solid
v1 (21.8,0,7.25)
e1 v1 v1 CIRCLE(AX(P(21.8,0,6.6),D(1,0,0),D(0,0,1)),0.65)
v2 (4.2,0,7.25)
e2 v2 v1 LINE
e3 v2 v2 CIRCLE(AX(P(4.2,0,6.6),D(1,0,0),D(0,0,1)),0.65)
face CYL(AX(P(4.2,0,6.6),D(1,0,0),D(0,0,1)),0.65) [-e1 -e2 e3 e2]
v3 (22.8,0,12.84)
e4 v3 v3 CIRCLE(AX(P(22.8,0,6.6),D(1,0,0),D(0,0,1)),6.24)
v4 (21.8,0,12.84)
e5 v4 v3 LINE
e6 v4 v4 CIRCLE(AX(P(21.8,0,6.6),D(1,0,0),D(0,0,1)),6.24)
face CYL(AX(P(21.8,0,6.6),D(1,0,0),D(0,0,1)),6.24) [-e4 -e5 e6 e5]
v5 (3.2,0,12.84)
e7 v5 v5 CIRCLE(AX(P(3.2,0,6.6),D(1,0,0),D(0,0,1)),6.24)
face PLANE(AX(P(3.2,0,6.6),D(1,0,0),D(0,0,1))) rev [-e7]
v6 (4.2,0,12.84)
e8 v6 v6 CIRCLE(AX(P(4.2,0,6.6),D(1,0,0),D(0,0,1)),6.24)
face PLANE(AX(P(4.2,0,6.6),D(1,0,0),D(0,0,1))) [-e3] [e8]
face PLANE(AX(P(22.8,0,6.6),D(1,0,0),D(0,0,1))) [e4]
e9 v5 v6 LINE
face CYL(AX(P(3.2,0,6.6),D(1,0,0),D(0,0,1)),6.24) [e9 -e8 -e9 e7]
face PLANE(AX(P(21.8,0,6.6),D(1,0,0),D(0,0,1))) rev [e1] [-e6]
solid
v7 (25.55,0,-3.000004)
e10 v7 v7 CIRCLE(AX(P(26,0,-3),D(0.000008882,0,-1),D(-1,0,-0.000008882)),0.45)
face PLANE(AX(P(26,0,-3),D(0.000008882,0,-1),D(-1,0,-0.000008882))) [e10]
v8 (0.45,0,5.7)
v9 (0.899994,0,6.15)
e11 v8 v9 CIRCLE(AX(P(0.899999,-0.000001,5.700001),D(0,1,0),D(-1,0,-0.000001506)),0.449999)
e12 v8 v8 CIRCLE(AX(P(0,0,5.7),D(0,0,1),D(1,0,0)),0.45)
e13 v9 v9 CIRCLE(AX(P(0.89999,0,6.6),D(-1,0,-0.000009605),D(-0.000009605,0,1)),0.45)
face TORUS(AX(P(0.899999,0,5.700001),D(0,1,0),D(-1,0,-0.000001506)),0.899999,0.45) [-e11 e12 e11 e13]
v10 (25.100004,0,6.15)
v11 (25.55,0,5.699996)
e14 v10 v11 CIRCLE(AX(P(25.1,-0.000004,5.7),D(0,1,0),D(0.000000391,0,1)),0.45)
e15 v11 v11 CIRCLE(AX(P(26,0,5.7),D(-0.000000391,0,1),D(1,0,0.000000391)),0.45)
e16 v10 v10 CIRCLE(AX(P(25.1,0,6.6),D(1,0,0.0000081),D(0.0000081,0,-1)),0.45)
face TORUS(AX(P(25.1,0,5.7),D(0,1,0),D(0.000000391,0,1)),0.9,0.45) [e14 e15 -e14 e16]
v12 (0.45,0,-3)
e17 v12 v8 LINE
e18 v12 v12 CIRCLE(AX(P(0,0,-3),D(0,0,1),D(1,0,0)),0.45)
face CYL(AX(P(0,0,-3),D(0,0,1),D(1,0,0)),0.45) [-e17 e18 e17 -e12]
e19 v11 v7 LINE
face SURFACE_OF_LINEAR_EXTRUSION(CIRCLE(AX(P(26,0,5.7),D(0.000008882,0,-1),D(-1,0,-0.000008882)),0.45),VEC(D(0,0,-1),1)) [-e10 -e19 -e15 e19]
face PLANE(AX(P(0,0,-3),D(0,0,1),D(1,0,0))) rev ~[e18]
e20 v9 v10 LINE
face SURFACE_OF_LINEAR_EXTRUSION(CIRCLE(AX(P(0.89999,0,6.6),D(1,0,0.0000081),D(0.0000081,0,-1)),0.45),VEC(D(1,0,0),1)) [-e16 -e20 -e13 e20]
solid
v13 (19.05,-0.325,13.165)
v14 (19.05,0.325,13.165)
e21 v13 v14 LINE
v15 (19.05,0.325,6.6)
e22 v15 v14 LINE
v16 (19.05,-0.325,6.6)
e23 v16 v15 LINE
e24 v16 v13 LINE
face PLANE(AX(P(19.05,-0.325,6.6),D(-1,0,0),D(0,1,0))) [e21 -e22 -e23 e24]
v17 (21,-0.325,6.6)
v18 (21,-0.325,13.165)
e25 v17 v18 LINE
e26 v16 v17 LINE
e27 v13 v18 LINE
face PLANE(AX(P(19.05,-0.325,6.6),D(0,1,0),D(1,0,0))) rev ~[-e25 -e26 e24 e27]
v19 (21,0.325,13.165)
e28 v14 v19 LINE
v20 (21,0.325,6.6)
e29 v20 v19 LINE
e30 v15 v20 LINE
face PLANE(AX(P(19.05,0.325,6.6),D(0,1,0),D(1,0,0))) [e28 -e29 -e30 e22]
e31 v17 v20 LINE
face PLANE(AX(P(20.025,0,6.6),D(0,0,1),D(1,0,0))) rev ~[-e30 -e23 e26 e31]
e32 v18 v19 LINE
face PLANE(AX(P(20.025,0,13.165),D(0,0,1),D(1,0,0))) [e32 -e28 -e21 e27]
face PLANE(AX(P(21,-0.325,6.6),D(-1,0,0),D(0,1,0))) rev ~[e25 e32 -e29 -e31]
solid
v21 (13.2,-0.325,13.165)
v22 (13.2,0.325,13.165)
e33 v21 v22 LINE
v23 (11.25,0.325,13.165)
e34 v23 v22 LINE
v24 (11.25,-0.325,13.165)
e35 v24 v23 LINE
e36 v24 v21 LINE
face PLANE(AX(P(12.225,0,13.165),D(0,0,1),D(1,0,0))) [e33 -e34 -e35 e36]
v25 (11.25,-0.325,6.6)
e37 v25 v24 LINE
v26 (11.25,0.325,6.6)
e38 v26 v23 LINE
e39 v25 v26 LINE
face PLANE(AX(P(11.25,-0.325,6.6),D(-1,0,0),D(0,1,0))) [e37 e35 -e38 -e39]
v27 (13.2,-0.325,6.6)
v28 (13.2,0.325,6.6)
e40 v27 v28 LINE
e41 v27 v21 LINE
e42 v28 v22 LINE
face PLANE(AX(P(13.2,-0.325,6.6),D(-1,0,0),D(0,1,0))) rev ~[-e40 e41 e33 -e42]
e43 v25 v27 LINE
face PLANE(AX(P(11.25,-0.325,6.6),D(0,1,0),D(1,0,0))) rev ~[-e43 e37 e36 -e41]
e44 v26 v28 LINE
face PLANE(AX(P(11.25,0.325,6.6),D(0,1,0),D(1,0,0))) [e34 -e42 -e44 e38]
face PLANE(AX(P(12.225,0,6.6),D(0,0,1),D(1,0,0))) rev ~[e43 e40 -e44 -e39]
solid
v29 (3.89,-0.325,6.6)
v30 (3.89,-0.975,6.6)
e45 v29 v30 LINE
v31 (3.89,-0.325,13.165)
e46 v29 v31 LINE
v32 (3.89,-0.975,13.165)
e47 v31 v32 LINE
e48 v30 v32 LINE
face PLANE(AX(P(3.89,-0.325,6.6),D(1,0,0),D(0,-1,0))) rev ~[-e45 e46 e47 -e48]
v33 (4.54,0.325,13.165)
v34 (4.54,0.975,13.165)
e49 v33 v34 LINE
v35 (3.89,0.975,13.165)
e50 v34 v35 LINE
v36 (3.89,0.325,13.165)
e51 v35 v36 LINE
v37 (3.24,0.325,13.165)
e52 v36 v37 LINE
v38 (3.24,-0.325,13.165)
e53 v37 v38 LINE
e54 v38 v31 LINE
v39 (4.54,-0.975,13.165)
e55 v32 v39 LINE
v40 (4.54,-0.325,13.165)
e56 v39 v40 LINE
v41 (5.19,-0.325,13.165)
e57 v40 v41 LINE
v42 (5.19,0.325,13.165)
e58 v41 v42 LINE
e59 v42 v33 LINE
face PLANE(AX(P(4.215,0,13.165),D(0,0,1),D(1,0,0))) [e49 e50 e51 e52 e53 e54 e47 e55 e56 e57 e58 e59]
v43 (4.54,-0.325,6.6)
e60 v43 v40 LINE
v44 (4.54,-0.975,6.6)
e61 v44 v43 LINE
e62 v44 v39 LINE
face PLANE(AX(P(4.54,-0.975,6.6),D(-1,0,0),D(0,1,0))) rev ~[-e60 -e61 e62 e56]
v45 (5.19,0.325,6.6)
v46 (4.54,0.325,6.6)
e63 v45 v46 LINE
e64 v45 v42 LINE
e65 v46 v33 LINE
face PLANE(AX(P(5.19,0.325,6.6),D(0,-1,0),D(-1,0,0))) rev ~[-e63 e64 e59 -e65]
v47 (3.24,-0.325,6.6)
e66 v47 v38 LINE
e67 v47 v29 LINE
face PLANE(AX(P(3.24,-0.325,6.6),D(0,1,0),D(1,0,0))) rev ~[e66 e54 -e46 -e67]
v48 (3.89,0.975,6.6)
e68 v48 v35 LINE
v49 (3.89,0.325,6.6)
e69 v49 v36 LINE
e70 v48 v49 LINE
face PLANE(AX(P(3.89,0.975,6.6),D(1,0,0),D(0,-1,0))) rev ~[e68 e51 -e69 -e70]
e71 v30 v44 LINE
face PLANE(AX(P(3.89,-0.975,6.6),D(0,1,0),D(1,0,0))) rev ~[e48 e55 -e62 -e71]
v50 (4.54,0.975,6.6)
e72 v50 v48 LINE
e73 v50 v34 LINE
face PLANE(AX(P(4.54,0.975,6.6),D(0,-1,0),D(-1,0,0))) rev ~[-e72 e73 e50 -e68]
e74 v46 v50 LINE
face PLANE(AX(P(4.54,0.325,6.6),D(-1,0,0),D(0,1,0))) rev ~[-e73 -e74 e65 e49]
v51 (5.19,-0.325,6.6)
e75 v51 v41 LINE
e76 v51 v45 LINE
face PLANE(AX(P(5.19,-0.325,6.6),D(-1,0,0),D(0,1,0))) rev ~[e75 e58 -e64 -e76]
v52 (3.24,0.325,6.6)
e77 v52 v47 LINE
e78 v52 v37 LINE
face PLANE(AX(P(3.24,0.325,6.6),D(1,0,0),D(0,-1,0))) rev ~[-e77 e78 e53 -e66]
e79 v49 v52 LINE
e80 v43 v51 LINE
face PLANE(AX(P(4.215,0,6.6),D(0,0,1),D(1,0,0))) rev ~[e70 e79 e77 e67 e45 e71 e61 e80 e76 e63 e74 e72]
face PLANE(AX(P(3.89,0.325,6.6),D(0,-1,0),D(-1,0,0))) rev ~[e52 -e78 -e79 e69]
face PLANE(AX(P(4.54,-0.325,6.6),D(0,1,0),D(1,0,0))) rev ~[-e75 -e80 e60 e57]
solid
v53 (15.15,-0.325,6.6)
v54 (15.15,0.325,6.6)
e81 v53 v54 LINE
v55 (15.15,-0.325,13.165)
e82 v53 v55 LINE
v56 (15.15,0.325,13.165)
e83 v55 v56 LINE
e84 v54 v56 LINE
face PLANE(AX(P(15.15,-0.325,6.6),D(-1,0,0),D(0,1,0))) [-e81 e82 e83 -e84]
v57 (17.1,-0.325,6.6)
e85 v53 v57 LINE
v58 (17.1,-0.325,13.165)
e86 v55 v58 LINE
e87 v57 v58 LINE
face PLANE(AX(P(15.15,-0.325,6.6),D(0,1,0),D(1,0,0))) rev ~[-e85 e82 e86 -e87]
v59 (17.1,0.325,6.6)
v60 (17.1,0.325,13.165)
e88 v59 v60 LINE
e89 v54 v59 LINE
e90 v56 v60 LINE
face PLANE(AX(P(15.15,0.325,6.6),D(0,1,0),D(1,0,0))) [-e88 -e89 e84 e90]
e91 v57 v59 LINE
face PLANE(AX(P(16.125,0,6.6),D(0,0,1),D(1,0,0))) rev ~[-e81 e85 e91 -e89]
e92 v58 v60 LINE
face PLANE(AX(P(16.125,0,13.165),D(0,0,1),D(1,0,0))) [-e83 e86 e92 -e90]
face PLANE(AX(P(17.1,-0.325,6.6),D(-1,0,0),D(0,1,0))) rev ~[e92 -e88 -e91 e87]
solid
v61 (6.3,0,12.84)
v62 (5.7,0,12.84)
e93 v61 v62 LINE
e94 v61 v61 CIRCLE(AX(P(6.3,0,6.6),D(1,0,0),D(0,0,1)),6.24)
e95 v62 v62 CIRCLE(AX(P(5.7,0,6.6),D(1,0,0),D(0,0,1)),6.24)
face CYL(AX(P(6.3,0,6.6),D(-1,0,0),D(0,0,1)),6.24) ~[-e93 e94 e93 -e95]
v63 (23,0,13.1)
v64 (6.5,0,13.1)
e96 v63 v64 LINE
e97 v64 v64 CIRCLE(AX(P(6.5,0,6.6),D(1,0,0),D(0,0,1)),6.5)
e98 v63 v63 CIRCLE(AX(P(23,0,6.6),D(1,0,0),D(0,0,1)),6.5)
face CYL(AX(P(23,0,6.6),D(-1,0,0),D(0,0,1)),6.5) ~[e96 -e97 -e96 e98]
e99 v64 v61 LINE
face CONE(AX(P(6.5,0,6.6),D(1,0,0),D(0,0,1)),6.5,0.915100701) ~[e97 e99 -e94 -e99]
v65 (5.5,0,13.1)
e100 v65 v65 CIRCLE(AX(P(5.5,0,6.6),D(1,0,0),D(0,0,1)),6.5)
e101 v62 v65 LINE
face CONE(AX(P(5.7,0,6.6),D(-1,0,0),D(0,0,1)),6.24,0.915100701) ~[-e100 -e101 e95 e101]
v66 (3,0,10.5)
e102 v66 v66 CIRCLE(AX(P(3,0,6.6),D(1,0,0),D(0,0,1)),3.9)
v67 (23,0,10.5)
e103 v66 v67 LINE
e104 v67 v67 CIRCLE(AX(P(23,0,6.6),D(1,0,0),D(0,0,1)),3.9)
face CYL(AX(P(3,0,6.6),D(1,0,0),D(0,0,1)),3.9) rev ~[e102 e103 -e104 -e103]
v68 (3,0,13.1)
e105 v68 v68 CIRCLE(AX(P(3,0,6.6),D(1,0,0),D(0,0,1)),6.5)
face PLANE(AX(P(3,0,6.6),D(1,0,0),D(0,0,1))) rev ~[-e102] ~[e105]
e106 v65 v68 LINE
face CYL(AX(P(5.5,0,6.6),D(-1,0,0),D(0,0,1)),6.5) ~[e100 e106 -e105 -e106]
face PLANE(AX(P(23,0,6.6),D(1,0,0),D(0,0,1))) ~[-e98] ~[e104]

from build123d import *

# Parameters (mm, degrees)
SKETCH_R    = 0.45
SKETCH004_W = 1.95
SKETCH004_H = 0.65
PAD_DEPTH   = 6.565


with BuildPart() as sweep_body:
    # Sweep: sweep along a path in Sketch001
    with BuildLine(Plane.XZ) as sweep_path:
        Line((0, -3), (0, 5.7))
        ThreePointArc((0, 5.7), (0.2636, 6.336393), (0.89999, 6.6))
        Line((0.89999, 6.6), (25.1, 6.6))
        ThreePointArc((25.1, 6.6), (25.736396, 6.336396), (26, 5.7))
        Line((26, 5.7), (26, -3))
    # Sketch → Sweep (sweep)
    with BuildSketch(Plane.XY.offset(-2)):
        Circle(SKETCH_R)
    sweep(path=sweep_path.line)


with BuildPart() as revolution:
    # Sketch002 → Revolution (revolve)
    with BuildSketch(Plane.XZ):
        Polygon((3, 13.1), (3, 10.5), (23, 10.5), (23, 13.1), (6.5, 13.1), (6.3, 12.84), (5.7, 12.84), (5.5, 13.1), align=None)
    revolve(axis=Axis((6.97588, 0, 6.6), (1, 0, 0)))


with BuildPart() as revolution001:
    # Sketch003 → Revolution001 (revolve)
    with BuildSketch(Plane.XZ):
        Polygon((3.2, 12.84), (4.2, 12.84), (4.2, 7.25), (21.8, 7.25), (21.8, 12.84), (22.8, 12.84), (22.8, 6.6), (3.2, 6.6), align=None)
    revolve(axis=Axis((6.97588, 0, 6.6), (1, 0, 0)))


with BuildPart() as pad:
    # Sketch004 → Pad (new body)
    with BuildSketch(Plane.XY.offset(6.6)):
        with Locations((20.025, 0)):
            Rectangle(SKETCH004_W, SKETCH004_H)
        with Locations((16.125, 0)):
            Rectangle(SKETCH004_W, SKETCH004_H)
        with Locations((12.225, 0)):
            Rectangle(SKETCH004_W, SKETCH004_H)
        Polygon((3.89, 0.325), (3.24, 0.325), (3.24, -0.325), (3.89, -0.325), (3.89, -0.975), (4.54, -0.975), (4.54, -0.325), (5.19, -0.325), (5.19, 0.325), (4.54, 0.325), (4.54, 0.975), (3.89, 0.975), align=None)
    extrude(amount=PAD_DEPTH)


solid = Compound([sweep_body.part, revolution.part, revolution001.part, pad.part])
